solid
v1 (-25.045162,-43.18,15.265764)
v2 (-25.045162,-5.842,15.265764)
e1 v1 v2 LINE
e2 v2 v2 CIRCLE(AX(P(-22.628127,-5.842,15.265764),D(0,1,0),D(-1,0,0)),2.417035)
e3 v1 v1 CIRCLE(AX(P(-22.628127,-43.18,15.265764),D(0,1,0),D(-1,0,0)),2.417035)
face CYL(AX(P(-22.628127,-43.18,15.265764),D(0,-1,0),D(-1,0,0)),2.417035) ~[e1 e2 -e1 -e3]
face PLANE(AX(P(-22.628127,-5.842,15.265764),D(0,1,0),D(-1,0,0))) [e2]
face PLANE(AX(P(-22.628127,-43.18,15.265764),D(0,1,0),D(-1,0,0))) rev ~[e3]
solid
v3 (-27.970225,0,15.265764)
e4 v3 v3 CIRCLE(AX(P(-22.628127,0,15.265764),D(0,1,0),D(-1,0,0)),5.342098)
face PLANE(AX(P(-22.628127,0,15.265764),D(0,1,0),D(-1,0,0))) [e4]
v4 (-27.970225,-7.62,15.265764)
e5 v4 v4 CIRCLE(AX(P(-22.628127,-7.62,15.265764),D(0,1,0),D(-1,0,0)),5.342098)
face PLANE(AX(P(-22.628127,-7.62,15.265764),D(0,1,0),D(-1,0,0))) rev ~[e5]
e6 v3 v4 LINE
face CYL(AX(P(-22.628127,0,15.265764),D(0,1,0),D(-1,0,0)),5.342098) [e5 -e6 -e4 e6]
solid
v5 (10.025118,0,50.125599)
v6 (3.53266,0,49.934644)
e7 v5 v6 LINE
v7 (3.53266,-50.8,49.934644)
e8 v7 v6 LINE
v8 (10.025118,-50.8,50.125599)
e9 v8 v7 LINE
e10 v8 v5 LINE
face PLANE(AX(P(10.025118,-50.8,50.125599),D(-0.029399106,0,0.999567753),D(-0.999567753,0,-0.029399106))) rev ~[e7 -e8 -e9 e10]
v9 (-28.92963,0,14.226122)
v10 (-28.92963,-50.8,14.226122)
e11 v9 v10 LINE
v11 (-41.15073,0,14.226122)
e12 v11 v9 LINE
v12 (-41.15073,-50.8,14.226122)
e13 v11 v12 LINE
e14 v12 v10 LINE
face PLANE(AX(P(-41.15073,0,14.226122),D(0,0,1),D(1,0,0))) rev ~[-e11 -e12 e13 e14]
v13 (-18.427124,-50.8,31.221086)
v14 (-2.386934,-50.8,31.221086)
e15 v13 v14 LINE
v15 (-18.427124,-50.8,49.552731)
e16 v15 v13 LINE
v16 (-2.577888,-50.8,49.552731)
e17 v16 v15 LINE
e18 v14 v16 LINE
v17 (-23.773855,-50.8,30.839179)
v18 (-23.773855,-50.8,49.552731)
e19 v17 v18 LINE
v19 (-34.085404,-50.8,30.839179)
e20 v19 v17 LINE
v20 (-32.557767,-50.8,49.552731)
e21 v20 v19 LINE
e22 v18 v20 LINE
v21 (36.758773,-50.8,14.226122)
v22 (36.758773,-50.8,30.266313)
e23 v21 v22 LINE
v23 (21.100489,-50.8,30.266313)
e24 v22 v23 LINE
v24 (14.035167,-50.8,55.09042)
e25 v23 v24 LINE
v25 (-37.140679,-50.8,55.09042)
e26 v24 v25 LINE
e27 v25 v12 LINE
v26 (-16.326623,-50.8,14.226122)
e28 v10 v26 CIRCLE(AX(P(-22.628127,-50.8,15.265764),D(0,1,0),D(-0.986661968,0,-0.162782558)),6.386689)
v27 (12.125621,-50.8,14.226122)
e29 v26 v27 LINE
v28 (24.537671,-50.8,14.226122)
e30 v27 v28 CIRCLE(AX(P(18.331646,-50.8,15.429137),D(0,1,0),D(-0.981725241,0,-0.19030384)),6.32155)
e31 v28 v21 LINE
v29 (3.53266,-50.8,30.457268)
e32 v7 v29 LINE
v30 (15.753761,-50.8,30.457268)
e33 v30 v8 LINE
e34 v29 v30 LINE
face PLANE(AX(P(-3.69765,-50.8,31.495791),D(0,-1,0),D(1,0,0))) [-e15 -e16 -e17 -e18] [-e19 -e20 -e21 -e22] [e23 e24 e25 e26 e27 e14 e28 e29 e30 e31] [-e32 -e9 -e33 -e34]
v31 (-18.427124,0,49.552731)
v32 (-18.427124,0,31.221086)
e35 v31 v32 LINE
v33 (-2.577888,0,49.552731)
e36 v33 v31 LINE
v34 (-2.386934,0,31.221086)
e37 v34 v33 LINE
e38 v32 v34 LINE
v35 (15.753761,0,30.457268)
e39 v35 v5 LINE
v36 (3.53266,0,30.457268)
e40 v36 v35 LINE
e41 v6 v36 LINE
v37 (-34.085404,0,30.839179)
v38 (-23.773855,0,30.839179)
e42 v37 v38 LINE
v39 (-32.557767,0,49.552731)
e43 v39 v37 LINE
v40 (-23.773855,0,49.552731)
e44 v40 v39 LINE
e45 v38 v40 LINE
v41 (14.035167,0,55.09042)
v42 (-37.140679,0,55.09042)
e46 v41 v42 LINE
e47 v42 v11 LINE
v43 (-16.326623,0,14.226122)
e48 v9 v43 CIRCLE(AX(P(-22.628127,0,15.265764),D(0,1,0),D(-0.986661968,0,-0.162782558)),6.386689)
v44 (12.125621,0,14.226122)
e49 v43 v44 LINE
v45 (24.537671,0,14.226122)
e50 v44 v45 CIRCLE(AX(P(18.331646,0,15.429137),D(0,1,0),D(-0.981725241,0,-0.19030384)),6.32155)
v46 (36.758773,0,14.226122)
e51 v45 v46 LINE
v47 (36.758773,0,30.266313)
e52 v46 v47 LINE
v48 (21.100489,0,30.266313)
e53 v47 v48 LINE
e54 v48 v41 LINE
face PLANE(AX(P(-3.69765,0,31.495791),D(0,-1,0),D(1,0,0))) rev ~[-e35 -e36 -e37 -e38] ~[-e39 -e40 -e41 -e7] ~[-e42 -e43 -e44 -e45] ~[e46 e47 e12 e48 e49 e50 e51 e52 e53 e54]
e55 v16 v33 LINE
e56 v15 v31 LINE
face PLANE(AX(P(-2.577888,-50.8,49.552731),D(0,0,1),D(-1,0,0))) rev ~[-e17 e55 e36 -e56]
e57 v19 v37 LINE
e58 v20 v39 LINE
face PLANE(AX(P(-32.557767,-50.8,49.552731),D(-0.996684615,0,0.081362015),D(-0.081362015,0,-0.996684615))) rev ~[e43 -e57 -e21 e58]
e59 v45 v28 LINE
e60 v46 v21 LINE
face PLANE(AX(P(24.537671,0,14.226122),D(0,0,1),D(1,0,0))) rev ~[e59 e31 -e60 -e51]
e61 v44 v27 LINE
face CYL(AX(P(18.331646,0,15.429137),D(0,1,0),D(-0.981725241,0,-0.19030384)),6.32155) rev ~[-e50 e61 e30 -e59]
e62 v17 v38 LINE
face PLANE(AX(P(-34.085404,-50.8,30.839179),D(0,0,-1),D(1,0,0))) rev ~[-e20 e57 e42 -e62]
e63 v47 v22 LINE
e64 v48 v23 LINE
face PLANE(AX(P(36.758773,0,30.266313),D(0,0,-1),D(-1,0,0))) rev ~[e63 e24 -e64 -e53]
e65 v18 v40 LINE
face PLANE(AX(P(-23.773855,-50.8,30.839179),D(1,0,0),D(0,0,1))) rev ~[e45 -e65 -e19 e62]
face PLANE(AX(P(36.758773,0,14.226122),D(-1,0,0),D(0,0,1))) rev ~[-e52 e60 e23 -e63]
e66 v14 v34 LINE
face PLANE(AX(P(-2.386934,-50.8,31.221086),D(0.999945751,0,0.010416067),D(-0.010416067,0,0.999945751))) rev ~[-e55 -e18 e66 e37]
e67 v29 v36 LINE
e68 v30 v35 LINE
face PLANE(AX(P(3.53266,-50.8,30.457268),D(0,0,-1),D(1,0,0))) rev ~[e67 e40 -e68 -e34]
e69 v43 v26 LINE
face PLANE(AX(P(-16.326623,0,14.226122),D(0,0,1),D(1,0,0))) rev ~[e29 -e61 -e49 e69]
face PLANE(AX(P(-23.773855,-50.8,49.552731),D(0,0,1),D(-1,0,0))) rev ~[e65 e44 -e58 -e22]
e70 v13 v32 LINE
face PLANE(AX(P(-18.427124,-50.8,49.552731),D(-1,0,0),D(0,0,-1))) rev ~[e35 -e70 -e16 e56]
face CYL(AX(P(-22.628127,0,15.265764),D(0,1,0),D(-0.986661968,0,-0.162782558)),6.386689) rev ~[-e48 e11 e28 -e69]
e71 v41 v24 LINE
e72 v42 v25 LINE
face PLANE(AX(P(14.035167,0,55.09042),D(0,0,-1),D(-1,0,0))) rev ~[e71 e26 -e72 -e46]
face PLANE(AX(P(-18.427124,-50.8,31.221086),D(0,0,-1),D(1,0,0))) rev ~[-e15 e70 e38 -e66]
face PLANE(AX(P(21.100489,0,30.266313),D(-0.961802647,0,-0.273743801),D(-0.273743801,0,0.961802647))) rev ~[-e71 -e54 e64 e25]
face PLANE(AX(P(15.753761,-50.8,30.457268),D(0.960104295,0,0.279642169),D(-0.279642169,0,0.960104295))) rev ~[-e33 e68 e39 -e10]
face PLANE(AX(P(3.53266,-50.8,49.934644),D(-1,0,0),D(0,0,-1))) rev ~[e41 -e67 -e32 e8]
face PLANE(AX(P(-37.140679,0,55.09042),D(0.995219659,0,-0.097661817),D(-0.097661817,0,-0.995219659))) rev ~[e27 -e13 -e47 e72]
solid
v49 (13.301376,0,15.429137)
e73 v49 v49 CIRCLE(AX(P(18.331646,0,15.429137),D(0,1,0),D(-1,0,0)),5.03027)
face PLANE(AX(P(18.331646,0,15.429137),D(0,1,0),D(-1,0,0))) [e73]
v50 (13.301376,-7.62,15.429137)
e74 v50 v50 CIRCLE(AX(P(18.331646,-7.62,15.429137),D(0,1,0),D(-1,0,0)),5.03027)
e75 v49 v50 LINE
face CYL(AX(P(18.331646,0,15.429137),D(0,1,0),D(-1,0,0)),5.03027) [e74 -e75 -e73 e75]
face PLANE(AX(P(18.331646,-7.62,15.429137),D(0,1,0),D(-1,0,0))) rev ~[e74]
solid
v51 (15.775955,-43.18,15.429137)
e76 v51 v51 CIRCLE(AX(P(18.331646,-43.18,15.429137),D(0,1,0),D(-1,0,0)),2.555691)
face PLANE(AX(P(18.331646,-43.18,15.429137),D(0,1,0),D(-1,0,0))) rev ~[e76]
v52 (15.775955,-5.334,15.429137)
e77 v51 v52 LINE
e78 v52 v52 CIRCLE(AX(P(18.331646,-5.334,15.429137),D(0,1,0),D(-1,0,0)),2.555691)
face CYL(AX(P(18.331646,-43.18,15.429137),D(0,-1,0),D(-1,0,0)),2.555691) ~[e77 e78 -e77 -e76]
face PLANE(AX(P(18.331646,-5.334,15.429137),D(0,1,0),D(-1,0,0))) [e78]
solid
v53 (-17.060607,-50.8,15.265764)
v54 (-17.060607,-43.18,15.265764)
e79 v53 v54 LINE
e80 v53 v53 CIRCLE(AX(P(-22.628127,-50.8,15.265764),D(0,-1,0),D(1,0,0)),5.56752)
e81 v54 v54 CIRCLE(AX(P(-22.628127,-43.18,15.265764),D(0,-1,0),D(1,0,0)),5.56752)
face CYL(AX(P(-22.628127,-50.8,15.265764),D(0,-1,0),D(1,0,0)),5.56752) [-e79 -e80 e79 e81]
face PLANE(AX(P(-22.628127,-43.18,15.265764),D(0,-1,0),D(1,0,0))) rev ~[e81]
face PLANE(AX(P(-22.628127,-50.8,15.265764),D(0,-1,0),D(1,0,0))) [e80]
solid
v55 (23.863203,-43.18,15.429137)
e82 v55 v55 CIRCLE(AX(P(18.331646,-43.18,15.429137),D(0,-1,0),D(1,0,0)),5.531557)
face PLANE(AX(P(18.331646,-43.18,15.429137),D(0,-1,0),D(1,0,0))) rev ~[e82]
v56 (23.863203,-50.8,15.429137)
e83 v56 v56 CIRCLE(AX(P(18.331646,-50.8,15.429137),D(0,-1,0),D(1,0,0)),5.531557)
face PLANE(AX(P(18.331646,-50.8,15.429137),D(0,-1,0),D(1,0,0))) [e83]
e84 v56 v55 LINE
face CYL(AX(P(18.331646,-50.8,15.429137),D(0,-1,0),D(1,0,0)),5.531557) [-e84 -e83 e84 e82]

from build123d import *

# Parameters (mm, degrees)
F1_DEPTH  = 50.8
F3_DEPTH  = 50.8
F5_DEPTH  = 50.8
F7_DEPTH  = 50.8
F8_R      = 5.56752
F9_DEPTH  = 7.62
F10_R     = 5.03027
F11_DEPTH = 7.62
F12_R     = 5.531557
F13_DEPTH = 7.62
F14_R     = 5.342098
F15_DEPTH = 7.62
F16_R     = 2.417035
F17_DEPTH = 37.338
F18_R     = 2.555691
F19_DEPTH = 37.846


with BuildPart() as f1:
    # F0 (on Front) → F1 (new body)
    with BuildSketch(Plane.XZ):
        with BuildLine():
            Line((-37.140679, 55.09042), (-41.15073, 14.226122))
            Line((-41.15073, 14.226122), (-28.92963, 14.226122))
            ThreePointArc((-28.92963, 14.226122), (-22.628127, 21.652453), (-16.326623, 14.226122))
            Line((-16.326623, 14.226122), (12.125621, 14.226122))
            ThreePointArc((12.125621, 14.226122), (18.331646, 21.750687), (24.537671, 14.226122))
            Line((24.537671, 14.226122), (36.758773, 14.226122))
            Line((36.758773, 14.226122), (36.758773, 30.266313))
            Line((36.758773, 30.266313), (21.100489, 30.266313))
            Line((21.100489, 30.266313), (14.035167, 55.09042))
            Line((14.035167, 55.09042), (-34.085404, 55.09042))
            Line((-34.085404, 55.09042), (-37.140679, 55.09042))
        make_face()
    extrude(amount=F1_DEPTH)

    # F2 (on face) → F3 (cut)
    with BuildSketch(Plane.XZ.offset(50.8)):
        Polygon((15.753761, 30.457268), (10.025118, 50.125599), (3.53266, 49.934644), (3.53266, 30.457268), align=None)
    extrude(amount=-F3_DEPTH, mode=Mode.SUBTRACT)

    # F4 (on face) → F5 (cut)
    with BuildSketch(Plane.XZ.offset(50.8)):
        Polygon((-18.427124, 31.221086), (-2.386934, 31.221086), (-2.577888, 49.552731), (-18.427124, 49.552731), align=None)
    extrude(amount=-F5_DEPTH, mode=Mode.SUBTRACT)

    # F6 (on face) → F7 (cut)
    with BuildSketch(Plane.XZ.offset(50.8)):
        Polygon((-23.773855, 30.839179), (-23.773855, 49.552731), (-32.557767, 49.552731), (-34.085404, 30.839179), align=None)
    extrude(amount=-F7_DEPTH, mode=Mode.SUBTRACT)


with BuildPart() as f9:
    # F8 (on face) → F9 (new body)
    with BuildSketch(Plane.XZ.offset(50.8)):
        with Locations((-22.628127, 15.265764)):
            Circle(F8_R)
    extrude(amount=-F9_DEPTH)


with BuildPart() as f11:
    # F10 (on face) → F11 (new body)
    with BuildSketch(Plane(origin=(0, 0, 0), x_dir=(-1, 0, 0), z_dir=(0, 1, 0))):
        with Locations((-18.331646, 15.429137)):
            Circle(F10_R)
    extrude(amount=-F11_DEPTH)


with BuildPart() as f13:
    # F12 (on face) → F13 (new body)
    with BuildSketch(Plane.XZ.offset(50.8)):
        with Locations((18.331646, 15.429137)):
            Circle(F12_R)
    extrude(amount=-F13_DEPTH)


with BuildPart() as f15:
    # F14 (on face) → F15 (new body)
    with BuildSketch(Plane(origin=(0, 0, 0), x_dir=(-1, 0, 0), z_dir=(0, 1, 0))):
        with Locations((22.628127, 15.265764)):
            Circle(F14_R)
    extrude(amount=-F15_DEPTH)


with BuildPart() as f17:
    # F16 (on face) → F17 (new body)
    with BuildSketch(Plane(origin=(0, -43.18, 0), x_dir=(-1, 0, 0), z_dir=(0, 1, 0))):
        with Locations((22.628127, 15.265764)):
            Circle(F16_R)
    extrude(amount=F17_DEPTH)


with BuildPart() as f19:
    # F18 (on face) → F19 (new body)
    with BuildSketch(Plane(origin=(0, -43.18, 0), x_dir=(-1, 0, 0), z_dir=(0, 1, 0))):
        with Locations((-18.331646, 15.429137)):
            Circle(F18_R)
    extrude(amount=F19_DEPTH)


solid = Compound([f1.part, f9.part, f11.part, f13.part, f15.part, f17.part, f19.part])
